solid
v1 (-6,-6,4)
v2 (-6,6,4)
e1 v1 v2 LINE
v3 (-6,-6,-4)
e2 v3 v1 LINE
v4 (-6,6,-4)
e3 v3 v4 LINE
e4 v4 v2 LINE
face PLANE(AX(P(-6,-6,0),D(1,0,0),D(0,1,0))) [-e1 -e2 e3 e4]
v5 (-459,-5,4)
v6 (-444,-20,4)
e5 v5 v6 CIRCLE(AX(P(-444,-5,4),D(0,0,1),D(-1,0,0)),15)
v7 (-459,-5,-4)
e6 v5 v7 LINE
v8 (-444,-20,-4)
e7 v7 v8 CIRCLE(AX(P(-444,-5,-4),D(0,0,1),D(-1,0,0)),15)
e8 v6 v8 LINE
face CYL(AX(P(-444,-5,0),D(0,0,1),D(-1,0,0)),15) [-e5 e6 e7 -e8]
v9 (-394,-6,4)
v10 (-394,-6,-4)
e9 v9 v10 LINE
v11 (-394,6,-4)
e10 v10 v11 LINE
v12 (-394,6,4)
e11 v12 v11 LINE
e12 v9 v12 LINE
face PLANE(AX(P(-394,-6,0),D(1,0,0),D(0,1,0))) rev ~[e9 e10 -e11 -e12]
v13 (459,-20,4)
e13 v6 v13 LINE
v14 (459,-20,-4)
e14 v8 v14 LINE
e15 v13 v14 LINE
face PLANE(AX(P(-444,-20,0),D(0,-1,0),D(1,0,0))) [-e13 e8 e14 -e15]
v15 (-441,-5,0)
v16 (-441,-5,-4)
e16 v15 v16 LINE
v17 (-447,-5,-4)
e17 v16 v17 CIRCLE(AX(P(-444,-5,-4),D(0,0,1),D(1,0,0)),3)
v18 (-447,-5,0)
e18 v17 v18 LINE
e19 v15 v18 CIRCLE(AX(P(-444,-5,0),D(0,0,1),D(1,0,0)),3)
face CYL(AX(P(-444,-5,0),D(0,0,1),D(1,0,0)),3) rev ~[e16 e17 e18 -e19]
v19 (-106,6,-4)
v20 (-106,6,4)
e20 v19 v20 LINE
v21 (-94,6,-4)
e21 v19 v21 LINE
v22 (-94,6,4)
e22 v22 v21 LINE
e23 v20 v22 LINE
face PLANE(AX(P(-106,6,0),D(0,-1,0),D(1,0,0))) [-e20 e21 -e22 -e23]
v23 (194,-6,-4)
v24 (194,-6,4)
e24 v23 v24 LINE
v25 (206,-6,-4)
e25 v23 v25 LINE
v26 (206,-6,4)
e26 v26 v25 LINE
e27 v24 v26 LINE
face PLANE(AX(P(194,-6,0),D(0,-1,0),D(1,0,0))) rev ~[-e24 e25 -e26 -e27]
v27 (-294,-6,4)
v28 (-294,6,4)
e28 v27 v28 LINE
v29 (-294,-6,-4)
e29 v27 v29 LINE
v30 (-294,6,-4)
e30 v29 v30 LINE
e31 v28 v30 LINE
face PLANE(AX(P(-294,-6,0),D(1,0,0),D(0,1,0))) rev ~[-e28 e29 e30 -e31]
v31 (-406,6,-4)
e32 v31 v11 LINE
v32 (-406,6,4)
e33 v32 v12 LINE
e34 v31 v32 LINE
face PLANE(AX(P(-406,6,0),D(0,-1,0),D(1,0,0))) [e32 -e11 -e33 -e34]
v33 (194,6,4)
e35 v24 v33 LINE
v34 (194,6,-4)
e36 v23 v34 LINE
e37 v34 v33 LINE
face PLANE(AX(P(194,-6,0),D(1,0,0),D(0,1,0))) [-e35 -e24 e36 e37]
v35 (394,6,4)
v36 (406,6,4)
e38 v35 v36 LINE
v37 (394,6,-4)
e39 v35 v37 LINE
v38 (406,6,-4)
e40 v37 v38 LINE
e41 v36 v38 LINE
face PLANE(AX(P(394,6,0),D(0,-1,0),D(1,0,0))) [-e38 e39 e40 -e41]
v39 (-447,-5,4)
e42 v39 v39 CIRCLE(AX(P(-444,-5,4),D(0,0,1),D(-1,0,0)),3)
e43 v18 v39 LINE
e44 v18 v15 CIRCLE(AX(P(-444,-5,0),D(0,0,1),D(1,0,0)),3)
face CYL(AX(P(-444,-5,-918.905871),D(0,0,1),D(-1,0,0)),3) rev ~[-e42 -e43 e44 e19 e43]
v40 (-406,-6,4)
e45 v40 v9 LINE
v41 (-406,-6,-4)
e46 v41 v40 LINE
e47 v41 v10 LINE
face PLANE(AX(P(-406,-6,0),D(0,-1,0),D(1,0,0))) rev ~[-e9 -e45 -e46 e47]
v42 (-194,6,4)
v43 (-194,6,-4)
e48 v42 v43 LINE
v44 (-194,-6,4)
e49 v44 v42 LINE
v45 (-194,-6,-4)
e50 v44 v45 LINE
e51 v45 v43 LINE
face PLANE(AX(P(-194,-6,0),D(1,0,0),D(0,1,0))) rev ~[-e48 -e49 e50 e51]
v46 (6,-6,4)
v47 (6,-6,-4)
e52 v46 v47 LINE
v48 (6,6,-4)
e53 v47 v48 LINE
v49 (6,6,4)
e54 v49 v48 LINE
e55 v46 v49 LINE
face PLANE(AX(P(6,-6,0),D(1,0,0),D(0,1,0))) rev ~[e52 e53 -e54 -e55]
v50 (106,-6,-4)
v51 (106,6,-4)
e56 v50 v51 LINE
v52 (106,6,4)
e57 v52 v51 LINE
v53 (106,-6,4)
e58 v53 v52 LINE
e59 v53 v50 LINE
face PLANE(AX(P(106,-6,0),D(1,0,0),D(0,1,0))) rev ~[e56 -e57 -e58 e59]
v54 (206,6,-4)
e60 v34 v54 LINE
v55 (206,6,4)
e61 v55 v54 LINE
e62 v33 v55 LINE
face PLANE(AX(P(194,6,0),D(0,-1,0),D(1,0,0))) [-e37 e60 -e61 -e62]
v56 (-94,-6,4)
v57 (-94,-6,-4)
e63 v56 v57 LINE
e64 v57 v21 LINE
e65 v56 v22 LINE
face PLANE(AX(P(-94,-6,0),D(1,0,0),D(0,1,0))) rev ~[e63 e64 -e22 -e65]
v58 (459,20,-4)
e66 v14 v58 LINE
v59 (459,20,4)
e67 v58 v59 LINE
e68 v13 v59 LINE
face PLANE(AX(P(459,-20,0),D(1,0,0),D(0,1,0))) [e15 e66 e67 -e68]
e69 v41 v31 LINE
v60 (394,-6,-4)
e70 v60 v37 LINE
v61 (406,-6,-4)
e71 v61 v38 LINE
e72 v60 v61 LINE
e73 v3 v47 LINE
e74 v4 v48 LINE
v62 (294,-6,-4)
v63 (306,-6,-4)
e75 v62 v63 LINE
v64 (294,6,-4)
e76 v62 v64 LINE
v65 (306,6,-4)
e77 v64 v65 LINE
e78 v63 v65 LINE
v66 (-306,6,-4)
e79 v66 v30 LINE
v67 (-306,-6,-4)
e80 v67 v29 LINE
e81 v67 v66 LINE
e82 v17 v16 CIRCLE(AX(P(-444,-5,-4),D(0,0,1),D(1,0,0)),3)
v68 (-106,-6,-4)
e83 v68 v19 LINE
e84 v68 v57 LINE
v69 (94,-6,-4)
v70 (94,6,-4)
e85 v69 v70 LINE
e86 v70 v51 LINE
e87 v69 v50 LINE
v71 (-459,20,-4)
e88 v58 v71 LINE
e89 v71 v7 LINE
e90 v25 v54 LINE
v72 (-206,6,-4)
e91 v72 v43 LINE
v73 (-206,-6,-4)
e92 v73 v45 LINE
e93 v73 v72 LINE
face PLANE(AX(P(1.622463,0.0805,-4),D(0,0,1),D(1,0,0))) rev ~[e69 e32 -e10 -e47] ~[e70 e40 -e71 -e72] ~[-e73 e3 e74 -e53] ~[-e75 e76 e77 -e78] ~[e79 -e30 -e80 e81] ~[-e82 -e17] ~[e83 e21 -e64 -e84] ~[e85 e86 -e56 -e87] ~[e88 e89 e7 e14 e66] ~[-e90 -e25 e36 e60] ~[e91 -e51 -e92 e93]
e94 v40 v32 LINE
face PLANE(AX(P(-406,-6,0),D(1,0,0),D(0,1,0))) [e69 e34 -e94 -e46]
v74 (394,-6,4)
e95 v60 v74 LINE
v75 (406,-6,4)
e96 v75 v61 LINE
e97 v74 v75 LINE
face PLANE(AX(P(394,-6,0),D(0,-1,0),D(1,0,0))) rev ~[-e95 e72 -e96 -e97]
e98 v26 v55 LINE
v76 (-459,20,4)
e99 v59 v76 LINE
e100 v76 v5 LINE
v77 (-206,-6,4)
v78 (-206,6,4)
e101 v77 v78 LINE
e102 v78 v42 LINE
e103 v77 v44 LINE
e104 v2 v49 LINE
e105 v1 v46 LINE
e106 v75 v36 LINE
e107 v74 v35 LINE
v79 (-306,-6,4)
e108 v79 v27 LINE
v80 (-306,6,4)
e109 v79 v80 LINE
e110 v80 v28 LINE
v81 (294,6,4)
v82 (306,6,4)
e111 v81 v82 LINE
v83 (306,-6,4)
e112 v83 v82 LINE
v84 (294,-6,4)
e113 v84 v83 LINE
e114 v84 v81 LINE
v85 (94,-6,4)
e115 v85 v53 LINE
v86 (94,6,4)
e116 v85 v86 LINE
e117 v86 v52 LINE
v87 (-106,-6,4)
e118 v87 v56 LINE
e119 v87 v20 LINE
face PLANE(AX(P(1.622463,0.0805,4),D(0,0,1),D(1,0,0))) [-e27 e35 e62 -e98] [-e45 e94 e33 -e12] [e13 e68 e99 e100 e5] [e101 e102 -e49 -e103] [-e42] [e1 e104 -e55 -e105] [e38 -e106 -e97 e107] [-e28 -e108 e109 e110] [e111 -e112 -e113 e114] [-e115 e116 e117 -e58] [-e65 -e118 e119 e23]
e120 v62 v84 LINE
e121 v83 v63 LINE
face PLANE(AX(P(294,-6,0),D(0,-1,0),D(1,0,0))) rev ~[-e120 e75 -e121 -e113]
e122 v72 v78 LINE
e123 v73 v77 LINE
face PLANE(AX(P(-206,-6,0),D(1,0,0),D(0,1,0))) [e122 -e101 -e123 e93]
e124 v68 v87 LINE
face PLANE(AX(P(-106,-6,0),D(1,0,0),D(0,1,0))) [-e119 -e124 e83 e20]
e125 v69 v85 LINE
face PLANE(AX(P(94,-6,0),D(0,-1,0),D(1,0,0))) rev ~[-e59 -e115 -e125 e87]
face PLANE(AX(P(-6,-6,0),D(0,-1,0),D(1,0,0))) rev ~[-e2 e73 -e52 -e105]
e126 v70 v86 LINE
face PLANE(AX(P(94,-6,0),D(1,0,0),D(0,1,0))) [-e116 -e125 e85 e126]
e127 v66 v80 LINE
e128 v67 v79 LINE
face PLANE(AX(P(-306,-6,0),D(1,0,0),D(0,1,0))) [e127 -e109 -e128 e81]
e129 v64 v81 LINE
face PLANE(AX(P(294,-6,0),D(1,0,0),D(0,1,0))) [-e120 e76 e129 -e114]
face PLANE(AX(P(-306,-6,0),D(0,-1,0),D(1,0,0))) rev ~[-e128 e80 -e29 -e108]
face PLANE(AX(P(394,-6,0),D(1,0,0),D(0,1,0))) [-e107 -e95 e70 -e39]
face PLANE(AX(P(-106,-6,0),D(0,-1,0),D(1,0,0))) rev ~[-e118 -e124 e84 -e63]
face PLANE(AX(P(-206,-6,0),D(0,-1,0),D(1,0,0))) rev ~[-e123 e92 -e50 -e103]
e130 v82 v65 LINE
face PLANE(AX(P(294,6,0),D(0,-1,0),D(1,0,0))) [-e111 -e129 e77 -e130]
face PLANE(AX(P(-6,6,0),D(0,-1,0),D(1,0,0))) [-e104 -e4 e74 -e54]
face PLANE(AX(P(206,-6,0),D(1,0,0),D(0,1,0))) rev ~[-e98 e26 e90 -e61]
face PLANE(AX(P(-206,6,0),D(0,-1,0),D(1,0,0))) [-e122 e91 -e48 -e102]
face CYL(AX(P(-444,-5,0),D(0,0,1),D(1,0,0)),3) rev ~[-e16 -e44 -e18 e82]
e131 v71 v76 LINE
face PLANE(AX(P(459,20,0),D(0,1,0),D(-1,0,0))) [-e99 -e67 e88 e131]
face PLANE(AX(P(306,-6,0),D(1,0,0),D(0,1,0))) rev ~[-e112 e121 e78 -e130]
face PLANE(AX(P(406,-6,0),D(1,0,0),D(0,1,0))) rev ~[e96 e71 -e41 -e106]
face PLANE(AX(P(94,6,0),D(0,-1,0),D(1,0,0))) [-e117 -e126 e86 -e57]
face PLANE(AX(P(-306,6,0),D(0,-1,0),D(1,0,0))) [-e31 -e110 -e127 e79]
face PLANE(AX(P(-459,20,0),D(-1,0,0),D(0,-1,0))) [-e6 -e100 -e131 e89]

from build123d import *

# Parameters (mm, degrees)
F0_W     = 12
F0_H     = 12
F1_DEPTH = 4
F2_D     = 6
F2_DEPTH = 4.001
F3_D     = 6


with BuildPart() as f1:
    # F0 (on Top) → F1 (new body, symmetric)
    with BuildSketch(Plane.XY):
        with BuildLine():
            Line((459, -20), (459, 20))
            Line((459, 20), (-459, 20))
            Line((-459, 20), (-459, -5))
            ThreePointArc((-459, -5), (-454.6066017178, -15.6066017178), (-444, -20))
            Line((-444, -20), (459, -20))
        make_face()
        with Locations((-400, 0)):
            Rectangle(F0_W, F0_H, mode=Mode.SUBTRACT)
        with Locations((-300, 0)):
            Rectangle(F0_W, F0_H, mode=Mode.SUBTRACT)
        with Locations((-200, 0)):
            Rectangle(F0_W, F0_H, mode=Mode.SUBTRACT)
        with Locations((-100, 0)):
            Rectangle(F0_W, F0_H, mode=Mode.SUBTRACT)
        Rectangle(F0_W, F0_H, mode=Mode.SUBTRACT)
        with Locations((100, 0)):
            Rectangle(F0_W, F0_H, mode=Mode.SUBTRACT)
        with Locations((200, 0)):
            Rectangle(F0_W, F0_H, mode=Mode.SUBTRACT)
        with Locations((300, 0)):
            Rectangle(F0_W, F0_H, mode=Mode.SUBTRACT)
        with Locations((400, 0)):
            Rectangle(F0_W, F0_H, mode=Mode.SUBTRACT)
    extrude(amount=F1_DEPTH, both=True)

    # F2 (through all, one way)
    with BuildSketch(Plane.XY):
        with Locations((-444, -5)):
            Circle(F2_D / 2)
    extrude(amount=-F2_DEPTH, mode=Mode.SUBTRACT)

    # F3 (through all)
    with Locations(Plane(origin=(0, 0, 0), x_dir=(1, 0, 0), z_dir=(0, 0, -1))):
        with Locations((-444, 5)):
            Hole(F3_D / 2)


solid = f1.part
